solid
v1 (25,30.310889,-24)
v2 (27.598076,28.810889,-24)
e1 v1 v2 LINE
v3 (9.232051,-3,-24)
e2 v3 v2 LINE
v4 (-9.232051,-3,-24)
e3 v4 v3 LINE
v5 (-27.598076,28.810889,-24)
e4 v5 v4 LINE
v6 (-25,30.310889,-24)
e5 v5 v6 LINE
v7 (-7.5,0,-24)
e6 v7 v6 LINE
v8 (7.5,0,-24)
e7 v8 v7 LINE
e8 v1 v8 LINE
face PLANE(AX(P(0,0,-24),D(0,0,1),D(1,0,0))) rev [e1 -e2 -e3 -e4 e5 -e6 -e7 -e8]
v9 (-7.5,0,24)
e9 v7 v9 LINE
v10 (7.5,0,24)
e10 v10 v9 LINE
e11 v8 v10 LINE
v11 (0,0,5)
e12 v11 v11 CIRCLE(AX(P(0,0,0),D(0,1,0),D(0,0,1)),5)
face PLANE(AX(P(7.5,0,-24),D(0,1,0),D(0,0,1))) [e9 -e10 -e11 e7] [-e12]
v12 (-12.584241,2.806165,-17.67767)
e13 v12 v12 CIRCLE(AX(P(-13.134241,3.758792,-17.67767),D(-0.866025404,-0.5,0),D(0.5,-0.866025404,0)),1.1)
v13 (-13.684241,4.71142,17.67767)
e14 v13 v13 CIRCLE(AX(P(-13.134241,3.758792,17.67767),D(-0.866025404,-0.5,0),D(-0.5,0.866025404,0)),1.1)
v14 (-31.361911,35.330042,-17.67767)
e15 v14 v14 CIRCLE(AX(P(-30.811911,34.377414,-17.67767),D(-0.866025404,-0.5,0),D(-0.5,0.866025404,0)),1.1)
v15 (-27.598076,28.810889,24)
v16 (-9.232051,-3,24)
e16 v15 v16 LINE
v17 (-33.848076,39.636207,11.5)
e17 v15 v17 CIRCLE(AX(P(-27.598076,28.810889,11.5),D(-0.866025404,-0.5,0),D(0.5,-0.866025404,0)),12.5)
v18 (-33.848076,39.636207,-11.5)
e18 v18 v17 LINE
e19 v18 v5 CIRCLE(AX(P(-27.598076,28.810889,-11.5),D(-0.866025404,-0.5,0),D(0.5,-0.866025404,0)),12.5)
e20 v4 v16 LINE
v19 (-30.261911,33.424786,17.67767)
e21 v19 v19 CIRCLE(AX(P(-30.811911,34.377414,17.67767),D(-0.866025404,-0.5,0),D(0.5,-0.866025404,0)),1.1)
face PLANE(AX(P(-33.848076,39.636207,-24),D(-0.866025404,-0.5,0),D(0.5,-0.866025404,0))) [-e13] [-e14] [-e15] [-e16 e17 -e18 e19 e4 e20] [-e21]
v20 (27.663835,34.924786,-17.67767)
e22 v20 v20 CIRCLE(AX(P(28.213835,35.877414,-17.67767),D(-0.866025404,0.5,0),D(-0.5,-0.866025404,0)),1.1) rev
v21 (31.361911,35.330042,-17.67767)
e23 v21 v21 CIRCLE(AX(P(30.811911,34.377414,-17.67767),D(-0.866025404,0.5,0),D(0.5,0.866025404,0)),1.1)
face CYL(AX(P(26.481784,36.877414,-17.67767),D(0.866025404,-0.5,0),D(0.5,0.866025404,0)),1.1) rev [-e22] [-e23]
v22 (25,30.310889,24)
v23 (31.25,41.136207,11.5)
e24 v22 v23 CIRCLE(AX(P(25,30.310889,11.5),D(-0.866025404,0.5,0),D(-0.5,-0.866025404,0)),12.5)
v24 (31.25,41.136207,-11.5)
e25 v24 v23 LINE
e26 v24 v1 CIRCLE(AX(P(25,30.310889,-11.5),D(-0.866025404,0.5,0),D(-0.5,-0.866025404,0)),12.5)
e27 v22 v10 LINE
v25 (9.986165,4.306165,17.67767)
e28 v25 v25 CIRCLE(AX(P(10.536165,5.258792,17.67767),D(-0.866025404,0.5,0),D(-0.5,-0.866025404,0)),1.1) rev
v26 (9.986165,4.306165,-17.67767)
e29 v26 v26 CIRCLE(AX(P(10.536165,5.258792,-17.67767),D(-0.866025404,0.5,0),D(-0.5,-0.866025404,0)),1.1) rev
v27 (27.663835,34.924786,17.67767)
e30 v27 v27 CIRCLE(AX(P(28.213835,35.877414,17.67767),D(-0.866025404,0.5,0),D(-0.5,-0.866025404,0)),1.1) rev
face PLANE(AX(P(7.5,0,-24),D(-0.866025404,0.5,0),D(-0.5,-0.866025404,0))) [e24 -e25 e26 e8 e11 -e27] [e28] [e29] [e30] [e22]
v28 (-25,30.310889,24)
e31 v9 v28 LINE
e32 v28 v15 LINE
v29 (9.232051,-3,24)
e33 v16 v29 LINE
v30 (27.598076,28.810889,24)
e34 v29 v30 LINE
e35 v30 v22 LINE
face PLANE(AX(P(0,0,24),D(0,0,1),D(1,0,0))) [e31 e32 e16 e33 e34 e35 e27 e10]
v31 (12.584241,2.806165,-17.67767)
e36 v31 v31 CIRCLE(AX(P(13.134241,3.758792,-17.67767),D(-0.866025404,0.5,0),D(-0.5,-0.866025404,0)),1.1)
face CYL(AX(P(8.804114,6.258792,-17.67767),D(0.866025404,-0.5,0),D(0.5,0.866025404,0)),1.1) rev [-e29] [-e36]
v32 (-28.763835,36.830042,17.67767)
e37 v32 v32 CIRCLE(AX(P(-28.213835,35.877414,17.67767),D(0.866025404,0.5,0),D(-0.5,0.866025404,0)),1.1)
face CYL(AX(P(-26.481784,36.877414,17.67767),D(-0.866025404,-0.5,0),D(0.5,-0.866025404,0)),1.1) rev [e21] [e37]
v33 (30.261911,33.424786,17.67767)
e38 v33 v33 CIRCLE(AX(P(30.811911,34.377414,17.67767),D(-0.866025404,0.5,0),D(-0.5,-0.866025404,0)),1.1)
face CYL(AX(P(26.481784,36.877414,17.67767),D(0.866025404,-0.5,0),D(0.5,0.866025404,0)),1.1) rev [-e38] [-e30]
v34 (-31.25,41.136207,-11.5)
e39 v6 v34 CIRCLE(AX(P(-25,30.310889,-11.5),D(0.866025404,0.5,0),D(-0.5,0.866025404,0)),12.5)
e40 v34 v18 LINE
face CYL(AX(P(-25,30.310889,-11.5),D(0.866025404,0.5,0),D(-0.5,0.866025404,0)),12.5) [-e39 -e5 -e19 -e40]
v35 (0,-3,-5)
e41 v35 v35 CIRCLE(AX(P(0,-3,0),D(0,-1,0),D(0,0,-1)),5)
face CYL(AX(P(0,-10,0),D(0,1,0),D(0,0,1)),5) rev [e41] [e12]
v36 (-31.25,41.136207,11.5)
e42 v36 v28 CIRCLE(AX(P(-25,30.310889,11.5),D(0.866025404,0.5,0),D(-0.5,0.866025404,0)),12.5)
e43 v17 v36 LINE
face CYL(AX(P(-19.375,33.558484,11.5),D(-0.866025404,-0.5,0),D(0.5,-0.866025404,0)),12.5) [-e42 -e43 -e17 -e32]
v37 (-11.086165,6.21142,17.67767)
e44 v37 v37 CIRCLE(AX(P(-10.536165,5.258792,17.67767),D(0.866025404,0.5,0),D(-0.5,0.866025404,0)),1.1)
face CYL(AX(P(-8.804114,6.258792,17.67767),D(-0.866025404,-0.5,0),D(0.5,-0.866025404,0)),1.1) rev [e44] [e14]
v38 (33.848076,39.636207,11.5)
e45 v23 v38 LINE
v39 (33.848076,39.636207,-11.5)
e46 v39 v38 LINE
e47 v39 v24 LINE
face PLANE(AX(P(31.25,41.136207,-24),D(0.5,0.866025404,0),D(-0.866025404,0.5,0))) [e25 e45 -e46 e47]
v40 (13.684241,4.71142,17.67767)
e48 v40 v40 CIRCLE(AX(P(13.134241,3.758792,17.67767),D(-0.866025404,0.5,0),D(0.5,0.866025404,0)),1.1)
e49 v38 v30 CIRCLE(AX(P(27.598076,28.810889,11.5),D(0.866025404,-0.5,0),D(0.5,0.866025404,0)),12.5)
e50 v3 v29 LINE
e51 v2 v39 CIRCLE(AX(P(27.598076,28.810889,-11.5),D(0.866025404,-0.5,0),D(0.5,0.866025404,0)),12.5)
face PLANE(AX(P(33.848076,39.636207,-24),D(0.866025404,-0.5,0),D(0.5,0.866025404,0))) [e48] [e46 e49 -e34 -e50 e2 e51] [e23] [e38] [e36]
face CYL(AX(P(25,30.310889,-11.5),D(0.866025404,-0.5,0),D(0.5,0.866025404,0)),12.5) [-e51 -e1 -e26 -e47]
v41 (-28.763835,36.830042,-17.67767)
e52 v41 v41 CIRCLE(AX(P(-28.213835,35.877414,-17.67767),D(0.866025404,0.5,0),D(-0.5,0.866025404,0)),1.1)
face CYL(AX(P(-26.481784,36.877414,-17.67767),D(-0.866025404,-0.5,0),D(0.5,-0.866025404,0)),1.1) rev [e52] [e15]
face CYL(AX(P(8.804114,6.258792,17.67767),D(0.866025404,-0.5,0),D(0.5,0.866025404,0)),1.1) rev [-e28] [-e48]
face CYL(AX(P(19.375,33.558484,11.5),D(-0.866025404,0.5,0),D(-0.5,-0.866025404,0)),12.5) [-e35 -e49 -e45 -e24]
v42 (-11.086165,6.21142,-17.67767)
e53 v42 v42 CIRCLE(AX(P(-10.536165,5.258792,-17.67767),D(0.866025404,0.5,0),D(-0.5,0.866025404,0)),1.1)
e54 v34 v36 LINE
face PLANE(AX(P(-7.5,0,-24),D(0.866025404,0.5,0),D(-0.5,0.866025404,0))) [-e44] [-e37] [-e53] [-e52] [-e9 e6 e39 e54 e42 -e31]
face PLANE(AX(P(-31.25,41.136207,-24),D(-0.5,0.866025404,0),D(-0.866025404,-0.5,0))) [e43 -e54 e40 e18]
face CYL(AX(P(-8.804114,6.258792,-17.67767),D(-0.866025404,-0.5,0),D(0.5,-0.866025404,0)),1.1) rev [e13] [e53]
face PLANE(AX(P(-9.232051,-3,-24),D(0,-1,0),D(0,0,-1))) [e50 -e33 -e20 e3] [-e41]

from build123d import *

# Parameters (mm, degrees)
BOSS_EXTRU_1_DEPTH      = 48
BOSS_EXTRU_1_DEPTH_BACK = 48
ESQUISSE2_R             = 2.2
ENL_V_MAT_EXTRU_1_DEPTH = 10
CONG_1_R                = 25
ECHELLE1_SCALE          = 0.5
ESQUISSE3_R             = 5
ENL_V_MAT_EXTRU_2_DEPTH = 10


with BuildPart() as part:
    # Esquisse1 → Boss.-Extru.1 (new, two sides: drawn at the far end of the back side and taken through both)
    with BuildSketch(Plane.XY.offset(-BOSS_EXTRU_1_DEPTH_BACK)):
        Polygon((15, 0), (-15, 0), (-62.5, 82.27241336), (-67.696152423, 79.27241336), (-18.464101615, -6), (18.464101615, -6), (67.696152423, 79.27241336), (62.5, 82.27241336), align=None)
    extrude(amount=BOSS_EXTRU_1_DEPTH + BOSS_EXTRU_1_DEPTH_BACK)

    # Esquisse2 → Enlèv. mat.-Extru.1 (cut)
    with BuildSketch(Plane(origin=(-16.446152423, -9.495190528, 0), x_dir=(0, 0, 1), z_dir=(-0.8660254037844378, -0.5000000000000016, 0))):
        with Locations((-35.355339059, 19.644660941)):
            Circle(ESQUISSE2_R)
        with Locations((35.355339059, 90.355339059)):
            Circle(ESQUISSE2_R)
        with Locations((35.355339059, 19.644660941)):
            Circle(ESQUISSE2_R)
        with Locations((-35.355339059, 90.355339059)):
            Circle(ESQUISSE2_R)
    enl_v_mat_extru_1 = extrude(amount=-ENL_V_MAT_EXTRU_1_DEPTH, mode=Mode.SUBTRACT)

    # Congé1
    cong_1_edges = [part.edges().sort_by_distance(p)[0] for p in [
        (65.098076211, 80.77241336, 48),
        (65.098076211, 80.77241336, -48),
        (-65.098076211, 80.77241336, -48),
        (-65.098076211, 80.77241336, 48),
    ]]
    fillet(cong_1_edges, radius=CONG_1_R)

    # Symétrie1: Enlèv. mat.-Extru.1 across plane
    add(enl_v_mat_extru_1.mirror(Plane(origin=(0, 0, 0), x_dir=(0, 0, 1), z_dir=(1, 0, 0))), mode=Mode.SUBTRACT)


with BuildPart() as part_1:
    # Echelle1: scaled about (0, 0, 0)
    add(part.part.scale(ECHELLE1_SCALE))

    # Esquisse3 → Enlèv. mat.-Extru.2 (cut)
    with BuildSketch(Plane(origin=(0, 0, 0), x_dir=(1, 0, 0), z_dir=(0, 1, 0))):
        Circle(ESQUISSE3_R)
    extrude(amount=-ENL_V_MAT_EXTRU_2_DEPTH, mode=Mode.SUBTRACT)


solid = part_1.part
